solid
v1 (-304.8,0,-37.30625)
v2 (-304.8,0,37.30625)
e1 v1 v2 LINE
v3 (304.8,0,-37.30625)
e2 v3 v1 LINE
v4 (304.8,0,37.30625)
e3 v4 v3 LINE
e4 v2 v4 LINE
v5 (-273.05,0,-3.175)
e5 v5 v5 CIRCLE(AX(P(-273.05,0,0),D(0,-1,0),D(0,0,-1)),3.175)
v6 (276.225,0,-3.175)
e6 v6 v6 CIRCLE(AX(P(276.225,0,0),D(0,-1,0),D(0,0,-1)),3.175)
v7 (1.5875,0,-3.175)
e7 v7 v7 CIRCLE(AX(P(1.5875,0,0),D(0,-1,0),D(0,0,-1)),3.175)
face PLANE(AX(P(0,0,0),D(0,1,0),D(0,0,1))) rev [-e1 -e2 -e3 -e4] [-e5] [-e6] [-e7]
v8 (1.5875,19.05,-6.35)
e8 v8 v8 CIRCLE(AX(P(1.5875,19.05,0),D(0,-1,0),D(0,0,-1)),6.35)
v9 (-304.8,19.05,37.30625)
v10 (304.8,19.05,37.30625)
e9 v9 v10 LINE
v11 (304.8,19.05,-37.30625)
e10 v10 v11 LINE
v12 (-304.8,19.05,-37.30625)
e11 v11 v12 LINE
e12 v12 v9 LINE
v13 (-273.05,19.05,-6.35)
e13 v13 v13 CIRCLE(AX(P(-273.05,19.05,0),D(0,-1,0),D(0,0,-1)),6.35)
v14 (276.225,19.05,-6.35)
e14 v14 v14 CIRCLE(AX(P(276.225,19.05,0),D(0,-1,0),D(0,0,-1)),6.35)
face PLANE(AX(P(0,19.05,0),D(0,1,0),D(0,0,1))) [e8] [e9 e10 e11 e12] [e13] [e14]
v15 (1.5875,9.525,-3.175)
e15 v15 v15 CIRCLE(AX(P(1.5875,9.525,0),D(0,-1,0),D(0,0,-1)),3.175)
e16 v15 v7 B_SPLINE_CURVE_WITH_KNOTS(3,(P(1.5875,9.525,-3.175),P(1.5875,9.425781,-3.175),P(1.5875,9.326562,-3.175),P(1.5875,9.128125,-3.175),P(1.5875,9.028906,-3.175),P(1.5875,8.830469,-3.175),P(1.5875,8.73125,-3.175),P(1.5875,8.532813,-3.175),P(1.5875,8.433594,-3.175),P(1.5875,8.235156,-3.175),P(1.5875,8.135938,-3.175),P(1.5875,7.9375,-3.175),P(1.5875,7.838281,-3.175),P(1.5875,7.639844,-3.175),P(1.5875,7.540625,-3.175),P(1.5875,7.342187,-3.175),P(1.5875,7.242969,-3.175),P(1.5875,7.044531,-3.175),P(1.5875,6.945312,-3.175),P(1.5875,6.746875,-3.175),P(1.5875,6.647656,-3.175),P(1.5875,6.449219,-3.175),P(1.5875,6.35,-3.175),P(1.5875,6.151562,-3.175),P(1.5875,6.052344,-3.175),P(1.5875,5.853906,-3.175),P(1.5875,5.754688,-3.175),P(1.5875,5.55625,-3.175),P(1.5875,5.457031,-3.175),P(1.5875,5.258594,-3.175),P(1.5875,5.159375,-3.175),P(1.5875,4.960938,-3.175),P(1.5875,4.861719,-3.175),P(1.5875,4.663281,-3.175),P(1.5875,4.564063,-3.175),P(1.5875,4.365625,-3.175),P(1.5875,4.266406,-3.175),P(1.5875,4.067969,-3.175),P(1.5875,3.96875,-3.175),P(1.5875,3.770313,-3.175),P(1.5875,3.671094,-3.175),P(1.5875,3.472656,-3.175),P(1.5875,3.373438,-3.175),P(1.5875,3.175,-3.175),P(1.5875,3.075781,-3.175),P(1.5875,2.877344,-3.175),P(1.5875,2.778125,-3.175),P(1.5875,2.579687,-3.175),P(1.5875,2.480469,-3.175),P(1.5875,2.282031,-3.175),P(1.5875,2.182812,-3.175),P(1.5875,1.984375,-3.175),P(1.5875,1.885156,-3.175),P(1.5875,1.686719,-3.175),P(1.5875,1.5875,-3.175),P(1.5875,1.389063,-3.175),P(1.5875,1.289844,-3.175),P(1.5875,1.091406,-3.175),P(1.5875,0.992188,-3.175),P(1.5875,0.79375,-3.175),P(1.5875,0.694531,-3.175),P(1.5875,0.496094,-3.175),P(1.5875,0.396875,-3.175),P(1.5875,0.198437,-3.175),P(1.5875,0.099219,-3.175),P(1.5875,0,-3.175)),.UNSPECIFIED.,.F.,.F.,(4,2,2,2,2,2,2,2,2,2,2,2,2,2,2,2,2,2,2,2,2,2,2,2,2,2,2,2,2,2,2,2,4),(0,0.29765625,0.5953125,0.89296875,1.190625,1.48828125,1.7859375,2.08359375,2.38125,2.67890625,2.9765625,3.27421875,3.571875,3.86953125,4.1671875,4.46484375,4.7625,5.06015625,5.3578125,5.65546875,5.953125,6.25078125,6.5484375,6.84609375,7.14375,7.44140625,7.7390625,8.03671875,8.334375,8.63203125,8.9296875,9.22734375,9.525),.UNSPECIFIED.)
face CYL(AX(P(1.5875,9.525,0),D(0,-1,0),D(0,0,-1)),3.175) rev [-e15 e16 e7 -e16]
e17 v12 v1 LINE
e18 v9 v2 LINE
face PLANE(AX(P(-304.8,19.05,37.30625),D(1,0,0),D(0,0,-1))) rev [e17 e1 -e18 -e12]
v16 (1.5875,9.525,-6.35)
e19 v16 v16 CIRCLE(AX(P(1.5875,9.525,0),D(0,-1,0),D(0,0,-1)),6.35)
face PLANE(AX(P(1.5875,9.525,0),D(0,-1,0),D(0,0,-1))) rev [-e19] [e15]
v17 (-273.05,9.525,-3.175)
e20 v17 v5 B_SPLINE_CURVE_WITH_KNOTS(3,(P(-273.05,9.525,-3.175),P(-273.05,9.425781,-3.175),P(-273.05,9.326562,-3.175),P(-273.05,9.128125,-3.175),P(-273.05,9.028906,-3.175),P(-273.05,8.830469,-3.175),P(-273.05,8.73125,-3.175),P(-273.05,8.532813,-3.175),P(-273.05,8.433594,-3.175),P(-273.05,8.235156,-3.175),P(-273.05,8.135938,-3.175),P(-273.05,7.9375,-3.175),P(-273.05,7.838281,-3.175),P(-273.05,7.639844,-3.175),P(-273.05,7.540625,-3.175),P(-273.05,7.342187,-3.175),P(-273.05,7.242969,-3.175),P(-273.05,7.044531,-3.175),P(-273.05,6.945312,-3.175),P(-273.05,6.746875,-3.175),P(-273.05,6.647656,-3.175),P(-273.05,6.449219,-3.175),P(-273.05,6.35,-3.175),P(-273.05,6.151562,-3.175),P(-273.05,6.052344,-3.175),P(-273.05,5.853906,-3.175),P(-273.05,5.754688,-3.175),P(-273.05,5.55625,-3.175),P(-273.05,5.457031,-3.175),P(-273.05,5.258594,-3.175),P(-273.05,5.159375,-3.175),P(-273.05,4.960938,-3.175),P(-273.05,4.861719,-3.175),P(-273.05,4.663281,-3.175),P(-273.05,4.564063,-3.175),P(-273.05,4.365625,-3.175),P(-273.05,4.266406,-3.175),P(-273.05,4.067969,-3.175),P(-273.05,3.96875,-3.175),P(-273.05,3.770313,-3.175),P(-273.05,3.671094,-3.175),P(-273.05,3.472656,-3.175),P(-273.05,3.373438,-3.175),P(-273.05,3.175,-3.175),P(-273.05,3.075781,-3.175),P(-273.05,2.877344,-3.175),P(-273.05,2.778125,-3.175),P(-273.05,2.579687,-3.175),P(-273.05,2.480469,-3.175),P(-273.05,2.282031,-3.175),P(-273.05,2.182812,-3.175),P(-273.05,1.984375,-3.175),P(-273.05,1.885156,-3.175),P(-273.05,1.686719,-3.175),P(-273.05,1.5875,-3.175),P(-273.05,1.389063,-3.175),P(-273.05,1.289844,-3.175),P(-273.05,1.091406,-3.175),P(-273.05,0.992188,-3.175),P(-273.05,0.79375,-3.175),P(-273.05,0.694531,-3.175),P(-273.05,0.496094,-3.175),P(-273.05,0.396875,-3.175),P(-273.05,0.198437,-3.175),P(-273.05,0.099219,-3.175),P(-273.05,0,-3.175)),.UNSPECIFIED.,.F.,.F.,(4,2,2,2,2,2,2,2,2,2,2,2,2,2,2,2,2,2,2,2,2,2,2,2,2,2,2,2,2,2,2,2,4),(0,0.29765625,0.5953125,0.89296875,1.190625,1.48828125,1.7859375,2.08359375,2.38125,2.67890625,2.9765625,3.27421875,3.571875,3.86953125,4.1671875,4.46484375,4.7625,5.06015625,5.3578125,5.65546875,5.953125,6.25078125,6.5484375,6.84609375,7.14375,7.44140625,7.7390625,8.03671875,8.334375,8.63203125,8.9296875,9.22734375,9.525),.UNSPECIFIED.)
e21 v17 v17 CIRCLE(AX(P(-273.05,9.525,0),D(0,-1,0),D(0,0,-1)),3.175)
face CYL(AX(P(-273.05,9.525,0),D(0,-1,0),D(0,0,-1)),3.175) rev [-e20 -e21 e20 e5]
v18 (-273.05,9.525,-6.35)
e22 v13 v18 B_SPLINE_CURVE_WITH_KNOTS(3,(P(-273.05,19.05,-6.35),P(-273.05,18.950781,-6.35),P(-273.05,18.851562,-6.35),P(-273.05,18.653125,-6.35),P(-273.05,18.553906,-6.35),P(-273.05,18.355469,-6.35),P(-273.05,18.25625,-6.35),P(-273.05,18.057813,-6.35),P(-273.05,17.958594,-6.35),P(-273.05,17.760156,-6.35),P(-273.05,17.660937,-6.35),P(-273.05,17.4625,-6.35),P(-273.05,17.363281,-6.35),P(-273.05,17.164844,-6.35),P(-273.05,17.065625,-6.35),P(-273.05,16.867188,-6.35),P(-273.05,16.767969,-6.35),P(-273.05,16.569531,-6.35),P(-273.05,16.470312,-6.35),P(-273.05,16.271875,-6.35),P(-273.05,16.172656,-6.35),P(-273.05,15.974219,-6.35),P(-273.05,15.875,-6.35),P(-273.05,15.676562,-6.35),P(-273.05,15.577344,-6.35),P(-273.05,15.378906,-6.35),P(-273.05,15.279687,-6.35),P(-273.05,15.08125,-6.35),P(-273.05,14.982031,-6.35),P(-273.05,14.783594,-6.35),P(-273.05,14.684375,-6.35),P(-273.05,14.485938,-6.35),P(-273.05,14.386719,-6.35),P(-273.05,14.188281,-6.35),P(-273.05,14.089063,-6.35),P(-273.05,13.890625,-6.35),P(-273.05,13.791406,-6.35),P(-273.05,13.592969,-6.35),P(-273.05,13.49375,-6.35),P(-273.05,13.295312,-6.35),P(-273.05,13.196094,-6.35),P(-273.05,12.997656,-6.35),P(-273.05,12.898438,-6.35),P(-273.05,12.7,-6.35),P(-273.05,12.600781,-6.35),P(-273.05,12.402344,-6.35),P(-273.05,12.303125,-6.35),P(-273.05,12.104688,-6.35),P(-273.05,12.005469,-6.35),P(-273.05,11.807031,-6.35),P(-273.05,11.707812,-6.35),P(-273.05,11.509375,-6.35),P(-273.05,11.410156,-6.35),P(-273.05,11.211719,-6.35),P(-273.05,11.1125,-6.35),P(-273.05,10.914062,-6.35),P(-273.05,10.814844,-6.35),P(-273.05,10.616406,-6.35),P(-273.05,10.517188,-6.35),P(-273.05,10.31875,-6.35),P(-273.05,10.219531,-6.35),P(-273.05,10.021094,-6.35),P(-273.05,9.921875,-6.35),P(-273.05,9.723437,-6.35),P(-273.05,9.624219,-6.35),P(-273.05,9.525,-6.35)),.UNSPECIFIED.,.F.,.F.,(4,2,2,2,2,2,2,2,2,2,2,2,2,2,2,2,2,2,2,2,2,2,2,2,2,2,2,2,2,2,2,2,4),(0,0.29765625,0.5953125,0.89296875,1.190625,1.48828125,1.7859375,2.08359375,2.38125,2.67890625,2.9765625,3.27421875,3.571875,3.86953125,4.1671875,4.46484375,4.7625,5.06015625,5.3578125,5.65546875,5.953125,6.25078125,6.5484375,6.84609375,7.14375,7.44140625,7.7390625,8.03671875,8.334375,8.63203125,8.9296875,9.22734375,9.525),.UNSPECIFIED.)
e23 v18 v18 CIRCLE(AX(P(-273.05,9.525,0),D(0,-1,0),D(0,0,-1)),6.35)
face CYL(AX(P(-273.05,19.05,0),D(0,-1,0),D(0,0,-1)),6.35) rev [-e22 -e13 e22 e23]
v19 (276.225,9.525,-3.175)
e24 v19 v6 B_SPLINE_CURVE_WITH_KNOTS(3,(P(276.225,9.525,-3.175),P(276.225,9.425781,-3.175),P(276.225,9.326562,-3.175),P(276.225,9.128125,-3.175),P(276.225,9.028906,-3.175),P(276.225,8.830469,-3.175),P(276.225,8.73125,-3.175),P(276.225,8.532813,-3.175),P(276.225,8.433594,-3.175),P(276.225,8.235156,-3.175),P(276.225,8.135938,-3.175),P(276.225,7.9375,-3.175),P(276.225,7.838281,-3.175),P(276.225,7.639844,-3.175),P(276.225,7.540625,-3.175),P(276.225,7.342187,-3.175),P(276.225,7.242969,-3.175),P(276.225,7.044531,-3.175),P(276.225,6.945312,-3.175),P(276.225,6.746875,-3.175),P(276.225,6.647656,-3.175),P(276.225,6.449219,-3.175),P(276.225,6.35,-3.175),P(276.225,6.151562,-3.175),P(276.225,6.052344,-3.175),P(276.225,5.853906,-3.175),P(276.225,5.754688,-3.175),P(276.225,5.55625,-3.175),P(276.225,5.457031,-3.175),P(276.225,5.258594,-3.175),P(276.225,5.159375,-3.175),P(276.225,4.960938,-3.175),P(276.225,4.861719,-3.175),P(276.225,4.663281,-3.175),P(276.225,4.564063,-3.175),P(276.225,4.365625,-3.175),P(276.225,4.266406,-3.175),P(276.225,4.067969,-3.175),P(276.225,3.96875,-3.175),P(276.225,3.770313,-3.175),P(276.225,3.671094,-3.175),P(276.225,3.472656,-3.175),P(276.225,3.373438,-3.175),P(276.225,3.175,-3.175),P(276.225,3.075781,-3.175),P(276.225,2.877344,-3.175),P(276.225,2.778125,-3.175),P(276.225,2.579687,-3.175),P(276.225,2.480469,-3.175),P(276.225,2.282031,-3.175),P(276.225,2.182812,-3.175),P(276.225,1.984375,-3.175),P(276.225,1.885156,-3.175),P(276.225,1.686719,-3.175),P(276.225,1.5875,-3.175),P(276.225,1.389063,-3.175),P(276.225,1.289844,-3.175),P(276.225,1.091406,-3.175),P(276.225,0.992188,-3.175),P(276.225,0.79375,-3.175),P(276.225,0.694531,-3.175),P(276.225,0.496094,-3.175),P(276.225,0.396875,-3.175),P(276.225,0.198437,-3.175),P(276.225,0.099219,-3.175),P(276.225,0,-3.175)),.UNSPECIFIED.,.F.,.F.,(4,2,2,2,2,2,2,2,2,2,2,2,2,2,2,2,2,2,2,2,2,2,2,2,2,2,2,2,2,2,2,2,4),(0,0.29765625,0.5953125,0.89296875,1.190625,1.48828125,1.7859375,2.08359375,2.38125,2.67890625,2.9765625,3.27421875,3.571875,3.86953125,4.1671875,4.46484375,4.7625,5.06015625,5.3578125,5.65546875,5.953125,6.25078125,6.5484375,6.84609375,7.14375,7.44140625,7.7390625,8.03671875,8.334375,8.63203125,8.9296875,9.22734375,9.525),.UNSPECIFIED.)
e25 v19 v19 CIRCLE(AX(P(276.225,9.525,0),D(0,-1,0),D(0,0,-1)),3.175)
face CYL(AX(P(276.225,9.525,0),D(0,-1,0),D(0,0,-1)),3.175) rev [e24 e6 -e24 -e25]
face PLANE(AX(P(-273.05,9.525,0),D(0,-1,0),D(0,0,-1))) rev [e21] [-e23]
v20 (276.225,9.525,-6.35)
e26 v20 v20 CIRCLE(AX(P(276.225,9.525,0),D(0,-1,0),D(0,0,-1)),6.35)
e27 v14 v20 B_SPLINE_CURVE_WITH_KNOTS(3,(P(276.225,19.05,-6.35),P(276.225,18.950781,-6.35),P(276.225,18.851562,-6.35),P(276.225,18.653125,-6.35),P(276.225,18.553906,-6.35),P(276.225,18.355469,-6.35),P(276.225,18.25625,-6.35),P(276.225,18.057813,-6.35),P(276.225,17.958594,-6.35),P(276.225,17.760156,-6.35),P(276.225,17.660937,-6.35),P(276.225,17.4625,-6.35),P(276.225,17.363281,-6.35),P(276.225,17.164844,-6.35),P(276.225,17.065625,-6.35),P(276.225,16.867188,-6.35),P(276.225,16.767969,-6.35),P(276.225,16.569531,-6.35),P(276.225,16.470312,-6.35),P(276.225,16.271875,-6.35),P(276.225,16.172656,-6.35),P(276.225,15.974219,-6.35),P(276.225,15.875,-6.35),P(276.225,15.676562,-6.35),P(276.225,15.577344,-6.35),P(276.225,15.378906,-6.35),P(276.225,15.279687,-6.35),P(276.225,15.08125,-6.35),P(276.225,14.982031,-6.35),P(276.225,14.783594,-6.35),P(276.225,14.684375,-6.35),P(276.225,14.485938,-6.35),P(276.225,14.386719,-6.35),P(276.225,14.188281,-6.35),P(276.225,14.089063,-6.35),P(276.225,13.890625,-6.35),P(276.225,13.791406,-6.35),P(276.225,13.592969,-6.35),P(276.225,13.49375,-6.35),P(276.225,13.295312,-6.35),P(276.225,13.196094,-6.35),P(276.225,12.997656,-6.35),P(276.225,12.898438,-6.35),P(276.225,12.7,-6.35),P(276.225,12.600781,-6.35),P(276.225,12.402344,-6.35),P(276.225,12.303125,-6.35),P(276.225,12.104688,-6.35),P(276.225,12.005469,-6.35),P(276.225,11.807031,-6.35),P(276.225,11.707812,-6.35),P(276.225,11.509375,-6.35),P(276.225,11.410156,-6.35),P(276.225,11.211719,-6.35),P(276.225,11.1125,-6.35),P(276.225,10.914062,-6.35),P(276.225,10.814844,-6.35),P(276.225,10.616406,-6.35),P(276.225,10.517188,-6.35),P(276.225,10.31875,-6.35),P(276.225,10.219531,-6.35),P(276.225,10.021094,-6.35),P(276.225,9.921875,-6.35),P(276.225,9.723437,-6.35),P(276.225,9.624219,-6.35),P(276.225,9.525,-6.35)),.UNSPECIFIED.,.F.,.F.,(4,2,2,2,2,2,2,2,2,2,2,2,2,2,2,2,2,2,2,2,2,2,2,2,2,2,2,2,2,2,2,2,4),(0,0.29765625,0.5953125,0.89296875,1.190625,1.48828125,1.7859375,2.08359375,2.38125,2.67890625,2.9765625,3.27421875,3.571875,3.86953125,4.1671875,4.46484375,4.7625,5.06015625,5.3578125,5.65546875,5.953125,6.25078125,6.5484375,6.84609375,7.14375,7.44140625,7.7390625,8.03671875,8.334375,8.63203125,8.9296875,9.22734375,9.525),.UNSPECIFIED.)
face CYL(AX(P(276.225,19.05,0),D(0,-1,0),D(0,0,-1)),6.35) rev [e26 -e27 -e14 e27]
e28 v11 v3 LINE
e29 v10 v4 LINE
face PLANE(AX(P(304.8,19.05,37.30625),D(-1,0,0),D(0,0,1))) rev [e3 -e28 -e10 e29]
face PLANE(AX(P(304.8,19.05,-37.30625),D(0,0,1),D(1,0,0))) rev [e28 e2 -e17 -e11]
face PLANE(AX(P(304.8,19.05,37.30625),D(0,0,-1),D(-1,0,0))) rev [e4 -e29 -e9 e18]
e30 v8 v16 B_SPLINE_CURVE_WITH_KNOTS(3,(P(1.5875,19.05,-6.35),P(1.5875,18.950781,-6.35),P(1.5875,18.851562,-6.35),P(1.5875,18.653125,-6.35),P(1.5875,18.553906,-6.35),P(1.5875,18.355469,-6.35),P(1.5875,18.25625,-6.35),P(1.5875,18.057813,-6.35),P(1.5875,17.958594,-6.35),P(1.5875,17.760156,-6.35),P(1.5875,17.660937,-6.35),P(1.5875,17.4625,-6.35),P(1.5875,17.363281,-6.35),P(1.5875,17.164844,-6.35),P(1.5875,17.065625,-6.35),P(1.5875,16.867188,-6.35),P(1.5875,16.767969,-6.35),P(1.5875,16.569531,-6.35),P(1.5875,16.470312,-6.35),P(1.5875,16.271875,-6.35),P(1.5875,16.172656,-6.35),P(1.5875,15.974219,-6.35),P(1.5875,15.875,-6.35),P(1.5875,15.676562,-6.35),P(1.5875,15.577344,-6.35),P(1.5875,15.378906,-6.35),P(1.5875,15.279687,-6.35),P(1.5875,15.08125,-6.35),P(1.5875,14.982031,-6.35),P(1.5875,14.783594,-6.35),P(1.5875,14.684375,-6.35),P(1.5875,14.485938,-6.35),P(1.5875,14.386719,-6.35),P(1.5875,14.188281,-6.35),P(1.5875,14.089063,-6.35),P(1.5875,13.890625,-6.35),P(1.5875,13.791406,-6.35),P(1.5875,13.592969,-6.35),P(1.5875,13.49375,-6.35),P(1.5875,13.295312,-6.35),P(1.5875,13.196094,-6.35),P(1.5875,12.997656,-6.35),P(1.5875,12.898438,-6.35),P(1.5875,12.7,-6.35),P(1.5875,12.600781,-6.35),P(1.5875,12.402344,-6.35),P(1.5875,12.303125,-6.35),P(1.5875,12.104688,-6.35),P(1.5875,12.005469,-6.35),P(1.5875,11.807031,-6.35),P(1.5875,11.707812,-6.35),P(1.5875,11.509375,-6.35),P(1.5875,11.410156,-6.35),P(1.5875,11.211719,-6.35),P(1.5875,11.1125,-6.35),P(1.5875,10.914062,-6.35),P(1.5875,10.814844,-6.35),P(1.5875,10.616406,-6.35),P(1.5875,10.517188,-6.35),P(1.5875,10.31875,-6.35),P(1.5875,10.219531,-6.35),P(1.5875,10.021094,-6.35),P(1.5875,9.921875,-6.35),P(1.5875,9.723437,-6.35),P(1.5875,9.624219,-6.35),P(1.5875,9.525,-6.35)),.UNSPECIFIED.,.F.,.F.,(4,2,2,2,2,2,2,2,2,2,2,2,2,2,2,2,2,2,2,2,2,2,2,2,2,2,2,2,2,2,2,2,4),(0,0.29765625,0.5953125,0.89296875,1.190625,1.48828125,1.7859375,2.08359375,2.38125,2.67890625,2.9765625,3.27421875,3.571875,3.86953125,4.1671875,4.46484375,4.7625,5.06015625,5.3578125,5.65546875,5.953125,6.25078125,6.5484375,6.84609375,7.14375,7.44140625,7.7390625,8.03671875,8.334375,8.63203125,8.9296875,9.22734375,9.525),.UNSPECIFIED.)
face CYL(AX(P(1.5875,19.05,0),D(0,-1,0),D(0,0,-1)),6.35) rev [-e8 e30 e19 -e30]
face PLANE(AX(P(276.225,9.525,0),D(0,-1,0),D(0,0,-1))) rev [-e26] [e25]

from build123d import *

# Parameters (mm, degrees)
SKETCH1_W           = 609.6
SKETCH1_H           = 74.6125
BOSS_EXTRUDE1_DEPTH = 19.05
SKETCH2_R           = 3.175
CUT_EXTRUDE1_DEPTH  = 9.525
CUT_EXTRUDE2_START  = -9.525
SKETCH4_R           = 6.35
CUT_EXTRUDE2_DEPTH  = 9.525
SKETCH5_R           = 3.175
CUT_EXTRUDE3_DEPTH  = 9.525
CUT_EXTRUDE4_START  = -9.525
SKETCH6_R           = 6.35
CUT_EXTRUDE4_DEPTH  = 9.525
SKETCH7_R           = 3.175
CUT_EXTRUDE5_DEPTH  = 9.525
CUT_EXTRUDE6_START  = -9.525
SKETCH8_R           = 6.35
CUT_EXTRUDE6_DEPTH  = 9.525


with BuildPart() as part:
    # Sketch1 → Boss-Extrude1 (new body)
    with BuildSketch(Plane(origin=(0, 0, 0), x_dir=(1, 0, 0), z_dir=(0, 1, 0))):
        Rectangle(SKETCH1_W, SKETCH1_H)
    extrude(amount=BOSS_EXTRUDE1_DEPTH)

    # Sketch2 → Cut-Extrude1 (cut)
    with BuildSketch(Plane.XZ):
        with Locations(Location((1.5875, 0, 0), (0, 0, 270))):
            Circle(SKETCH2_R)
    extrude(amount=-CUT_EXTRUDE1_DEPTH, mode=Mode.SUBTRACT)

    # Sketch4 → Cut-Extrude2 (cut)
    with BuildSketch(Plane.XZ.offset(CUT_EXTRUDE2_START)):
        with Locations(Location((1.5875, 0, 0), (0, 0, 270))):
            Circle(SKETCH4_R)
    extrude(amount=-CUT_EXTRUDE2_DEPTH, mode=Mode.SUBTRACT)

    # Sketch5 → Cut-Extrude3 (cut)
    with BuildSketch(Plane.XZ):
        with Locations(Location((276.225, 0, 0), (0, 0, 270))):
            Circle(SKETCH5_R)
    extrude(amount=-CUT_EXTRUDE3_DEPTH, mode=Mode.SUBTRACT)

    # Sketch6 → Cut-Extrude4 (cut)
    with BuildSketch(Plane.XZ.offset(CUT_EXTRUDE4_START)):
        with Locations(Location((276.225, 0, 0), (0, 0, 270))):
            Circle(SKETCH6_R)
    extrude(amount=-CUT_EXTRUDE4_DEPTH, mode=Mode.SUBTRACT)

    # Sketch7 → Cut-Extrude5 (cut)
    with BuildSketch(Plane.XZ):
        with Locations(Location((-273.05, 0, 0), (0, 0, 270))):
            Circle(SKETCH7_R)
    extrude(amount=-CUT_EXTRUDE5_DEPTH, mode=Mode.SUBTRACT)

    # Sketch8 → Cut-Extrude6 (cut)
    with BuildSketch(Plane.XZ.offset(CUT_EXTRUDE6_START)):
        with Locations(Location((-273.05, 0, 0), (0, 0, 270))):
            Circle(SKETCH8_R)
    extrude(amount=-CUT_EXTRUDE6_DEPTH, mode=Mode.SUBTRACT)


solid = part.part
